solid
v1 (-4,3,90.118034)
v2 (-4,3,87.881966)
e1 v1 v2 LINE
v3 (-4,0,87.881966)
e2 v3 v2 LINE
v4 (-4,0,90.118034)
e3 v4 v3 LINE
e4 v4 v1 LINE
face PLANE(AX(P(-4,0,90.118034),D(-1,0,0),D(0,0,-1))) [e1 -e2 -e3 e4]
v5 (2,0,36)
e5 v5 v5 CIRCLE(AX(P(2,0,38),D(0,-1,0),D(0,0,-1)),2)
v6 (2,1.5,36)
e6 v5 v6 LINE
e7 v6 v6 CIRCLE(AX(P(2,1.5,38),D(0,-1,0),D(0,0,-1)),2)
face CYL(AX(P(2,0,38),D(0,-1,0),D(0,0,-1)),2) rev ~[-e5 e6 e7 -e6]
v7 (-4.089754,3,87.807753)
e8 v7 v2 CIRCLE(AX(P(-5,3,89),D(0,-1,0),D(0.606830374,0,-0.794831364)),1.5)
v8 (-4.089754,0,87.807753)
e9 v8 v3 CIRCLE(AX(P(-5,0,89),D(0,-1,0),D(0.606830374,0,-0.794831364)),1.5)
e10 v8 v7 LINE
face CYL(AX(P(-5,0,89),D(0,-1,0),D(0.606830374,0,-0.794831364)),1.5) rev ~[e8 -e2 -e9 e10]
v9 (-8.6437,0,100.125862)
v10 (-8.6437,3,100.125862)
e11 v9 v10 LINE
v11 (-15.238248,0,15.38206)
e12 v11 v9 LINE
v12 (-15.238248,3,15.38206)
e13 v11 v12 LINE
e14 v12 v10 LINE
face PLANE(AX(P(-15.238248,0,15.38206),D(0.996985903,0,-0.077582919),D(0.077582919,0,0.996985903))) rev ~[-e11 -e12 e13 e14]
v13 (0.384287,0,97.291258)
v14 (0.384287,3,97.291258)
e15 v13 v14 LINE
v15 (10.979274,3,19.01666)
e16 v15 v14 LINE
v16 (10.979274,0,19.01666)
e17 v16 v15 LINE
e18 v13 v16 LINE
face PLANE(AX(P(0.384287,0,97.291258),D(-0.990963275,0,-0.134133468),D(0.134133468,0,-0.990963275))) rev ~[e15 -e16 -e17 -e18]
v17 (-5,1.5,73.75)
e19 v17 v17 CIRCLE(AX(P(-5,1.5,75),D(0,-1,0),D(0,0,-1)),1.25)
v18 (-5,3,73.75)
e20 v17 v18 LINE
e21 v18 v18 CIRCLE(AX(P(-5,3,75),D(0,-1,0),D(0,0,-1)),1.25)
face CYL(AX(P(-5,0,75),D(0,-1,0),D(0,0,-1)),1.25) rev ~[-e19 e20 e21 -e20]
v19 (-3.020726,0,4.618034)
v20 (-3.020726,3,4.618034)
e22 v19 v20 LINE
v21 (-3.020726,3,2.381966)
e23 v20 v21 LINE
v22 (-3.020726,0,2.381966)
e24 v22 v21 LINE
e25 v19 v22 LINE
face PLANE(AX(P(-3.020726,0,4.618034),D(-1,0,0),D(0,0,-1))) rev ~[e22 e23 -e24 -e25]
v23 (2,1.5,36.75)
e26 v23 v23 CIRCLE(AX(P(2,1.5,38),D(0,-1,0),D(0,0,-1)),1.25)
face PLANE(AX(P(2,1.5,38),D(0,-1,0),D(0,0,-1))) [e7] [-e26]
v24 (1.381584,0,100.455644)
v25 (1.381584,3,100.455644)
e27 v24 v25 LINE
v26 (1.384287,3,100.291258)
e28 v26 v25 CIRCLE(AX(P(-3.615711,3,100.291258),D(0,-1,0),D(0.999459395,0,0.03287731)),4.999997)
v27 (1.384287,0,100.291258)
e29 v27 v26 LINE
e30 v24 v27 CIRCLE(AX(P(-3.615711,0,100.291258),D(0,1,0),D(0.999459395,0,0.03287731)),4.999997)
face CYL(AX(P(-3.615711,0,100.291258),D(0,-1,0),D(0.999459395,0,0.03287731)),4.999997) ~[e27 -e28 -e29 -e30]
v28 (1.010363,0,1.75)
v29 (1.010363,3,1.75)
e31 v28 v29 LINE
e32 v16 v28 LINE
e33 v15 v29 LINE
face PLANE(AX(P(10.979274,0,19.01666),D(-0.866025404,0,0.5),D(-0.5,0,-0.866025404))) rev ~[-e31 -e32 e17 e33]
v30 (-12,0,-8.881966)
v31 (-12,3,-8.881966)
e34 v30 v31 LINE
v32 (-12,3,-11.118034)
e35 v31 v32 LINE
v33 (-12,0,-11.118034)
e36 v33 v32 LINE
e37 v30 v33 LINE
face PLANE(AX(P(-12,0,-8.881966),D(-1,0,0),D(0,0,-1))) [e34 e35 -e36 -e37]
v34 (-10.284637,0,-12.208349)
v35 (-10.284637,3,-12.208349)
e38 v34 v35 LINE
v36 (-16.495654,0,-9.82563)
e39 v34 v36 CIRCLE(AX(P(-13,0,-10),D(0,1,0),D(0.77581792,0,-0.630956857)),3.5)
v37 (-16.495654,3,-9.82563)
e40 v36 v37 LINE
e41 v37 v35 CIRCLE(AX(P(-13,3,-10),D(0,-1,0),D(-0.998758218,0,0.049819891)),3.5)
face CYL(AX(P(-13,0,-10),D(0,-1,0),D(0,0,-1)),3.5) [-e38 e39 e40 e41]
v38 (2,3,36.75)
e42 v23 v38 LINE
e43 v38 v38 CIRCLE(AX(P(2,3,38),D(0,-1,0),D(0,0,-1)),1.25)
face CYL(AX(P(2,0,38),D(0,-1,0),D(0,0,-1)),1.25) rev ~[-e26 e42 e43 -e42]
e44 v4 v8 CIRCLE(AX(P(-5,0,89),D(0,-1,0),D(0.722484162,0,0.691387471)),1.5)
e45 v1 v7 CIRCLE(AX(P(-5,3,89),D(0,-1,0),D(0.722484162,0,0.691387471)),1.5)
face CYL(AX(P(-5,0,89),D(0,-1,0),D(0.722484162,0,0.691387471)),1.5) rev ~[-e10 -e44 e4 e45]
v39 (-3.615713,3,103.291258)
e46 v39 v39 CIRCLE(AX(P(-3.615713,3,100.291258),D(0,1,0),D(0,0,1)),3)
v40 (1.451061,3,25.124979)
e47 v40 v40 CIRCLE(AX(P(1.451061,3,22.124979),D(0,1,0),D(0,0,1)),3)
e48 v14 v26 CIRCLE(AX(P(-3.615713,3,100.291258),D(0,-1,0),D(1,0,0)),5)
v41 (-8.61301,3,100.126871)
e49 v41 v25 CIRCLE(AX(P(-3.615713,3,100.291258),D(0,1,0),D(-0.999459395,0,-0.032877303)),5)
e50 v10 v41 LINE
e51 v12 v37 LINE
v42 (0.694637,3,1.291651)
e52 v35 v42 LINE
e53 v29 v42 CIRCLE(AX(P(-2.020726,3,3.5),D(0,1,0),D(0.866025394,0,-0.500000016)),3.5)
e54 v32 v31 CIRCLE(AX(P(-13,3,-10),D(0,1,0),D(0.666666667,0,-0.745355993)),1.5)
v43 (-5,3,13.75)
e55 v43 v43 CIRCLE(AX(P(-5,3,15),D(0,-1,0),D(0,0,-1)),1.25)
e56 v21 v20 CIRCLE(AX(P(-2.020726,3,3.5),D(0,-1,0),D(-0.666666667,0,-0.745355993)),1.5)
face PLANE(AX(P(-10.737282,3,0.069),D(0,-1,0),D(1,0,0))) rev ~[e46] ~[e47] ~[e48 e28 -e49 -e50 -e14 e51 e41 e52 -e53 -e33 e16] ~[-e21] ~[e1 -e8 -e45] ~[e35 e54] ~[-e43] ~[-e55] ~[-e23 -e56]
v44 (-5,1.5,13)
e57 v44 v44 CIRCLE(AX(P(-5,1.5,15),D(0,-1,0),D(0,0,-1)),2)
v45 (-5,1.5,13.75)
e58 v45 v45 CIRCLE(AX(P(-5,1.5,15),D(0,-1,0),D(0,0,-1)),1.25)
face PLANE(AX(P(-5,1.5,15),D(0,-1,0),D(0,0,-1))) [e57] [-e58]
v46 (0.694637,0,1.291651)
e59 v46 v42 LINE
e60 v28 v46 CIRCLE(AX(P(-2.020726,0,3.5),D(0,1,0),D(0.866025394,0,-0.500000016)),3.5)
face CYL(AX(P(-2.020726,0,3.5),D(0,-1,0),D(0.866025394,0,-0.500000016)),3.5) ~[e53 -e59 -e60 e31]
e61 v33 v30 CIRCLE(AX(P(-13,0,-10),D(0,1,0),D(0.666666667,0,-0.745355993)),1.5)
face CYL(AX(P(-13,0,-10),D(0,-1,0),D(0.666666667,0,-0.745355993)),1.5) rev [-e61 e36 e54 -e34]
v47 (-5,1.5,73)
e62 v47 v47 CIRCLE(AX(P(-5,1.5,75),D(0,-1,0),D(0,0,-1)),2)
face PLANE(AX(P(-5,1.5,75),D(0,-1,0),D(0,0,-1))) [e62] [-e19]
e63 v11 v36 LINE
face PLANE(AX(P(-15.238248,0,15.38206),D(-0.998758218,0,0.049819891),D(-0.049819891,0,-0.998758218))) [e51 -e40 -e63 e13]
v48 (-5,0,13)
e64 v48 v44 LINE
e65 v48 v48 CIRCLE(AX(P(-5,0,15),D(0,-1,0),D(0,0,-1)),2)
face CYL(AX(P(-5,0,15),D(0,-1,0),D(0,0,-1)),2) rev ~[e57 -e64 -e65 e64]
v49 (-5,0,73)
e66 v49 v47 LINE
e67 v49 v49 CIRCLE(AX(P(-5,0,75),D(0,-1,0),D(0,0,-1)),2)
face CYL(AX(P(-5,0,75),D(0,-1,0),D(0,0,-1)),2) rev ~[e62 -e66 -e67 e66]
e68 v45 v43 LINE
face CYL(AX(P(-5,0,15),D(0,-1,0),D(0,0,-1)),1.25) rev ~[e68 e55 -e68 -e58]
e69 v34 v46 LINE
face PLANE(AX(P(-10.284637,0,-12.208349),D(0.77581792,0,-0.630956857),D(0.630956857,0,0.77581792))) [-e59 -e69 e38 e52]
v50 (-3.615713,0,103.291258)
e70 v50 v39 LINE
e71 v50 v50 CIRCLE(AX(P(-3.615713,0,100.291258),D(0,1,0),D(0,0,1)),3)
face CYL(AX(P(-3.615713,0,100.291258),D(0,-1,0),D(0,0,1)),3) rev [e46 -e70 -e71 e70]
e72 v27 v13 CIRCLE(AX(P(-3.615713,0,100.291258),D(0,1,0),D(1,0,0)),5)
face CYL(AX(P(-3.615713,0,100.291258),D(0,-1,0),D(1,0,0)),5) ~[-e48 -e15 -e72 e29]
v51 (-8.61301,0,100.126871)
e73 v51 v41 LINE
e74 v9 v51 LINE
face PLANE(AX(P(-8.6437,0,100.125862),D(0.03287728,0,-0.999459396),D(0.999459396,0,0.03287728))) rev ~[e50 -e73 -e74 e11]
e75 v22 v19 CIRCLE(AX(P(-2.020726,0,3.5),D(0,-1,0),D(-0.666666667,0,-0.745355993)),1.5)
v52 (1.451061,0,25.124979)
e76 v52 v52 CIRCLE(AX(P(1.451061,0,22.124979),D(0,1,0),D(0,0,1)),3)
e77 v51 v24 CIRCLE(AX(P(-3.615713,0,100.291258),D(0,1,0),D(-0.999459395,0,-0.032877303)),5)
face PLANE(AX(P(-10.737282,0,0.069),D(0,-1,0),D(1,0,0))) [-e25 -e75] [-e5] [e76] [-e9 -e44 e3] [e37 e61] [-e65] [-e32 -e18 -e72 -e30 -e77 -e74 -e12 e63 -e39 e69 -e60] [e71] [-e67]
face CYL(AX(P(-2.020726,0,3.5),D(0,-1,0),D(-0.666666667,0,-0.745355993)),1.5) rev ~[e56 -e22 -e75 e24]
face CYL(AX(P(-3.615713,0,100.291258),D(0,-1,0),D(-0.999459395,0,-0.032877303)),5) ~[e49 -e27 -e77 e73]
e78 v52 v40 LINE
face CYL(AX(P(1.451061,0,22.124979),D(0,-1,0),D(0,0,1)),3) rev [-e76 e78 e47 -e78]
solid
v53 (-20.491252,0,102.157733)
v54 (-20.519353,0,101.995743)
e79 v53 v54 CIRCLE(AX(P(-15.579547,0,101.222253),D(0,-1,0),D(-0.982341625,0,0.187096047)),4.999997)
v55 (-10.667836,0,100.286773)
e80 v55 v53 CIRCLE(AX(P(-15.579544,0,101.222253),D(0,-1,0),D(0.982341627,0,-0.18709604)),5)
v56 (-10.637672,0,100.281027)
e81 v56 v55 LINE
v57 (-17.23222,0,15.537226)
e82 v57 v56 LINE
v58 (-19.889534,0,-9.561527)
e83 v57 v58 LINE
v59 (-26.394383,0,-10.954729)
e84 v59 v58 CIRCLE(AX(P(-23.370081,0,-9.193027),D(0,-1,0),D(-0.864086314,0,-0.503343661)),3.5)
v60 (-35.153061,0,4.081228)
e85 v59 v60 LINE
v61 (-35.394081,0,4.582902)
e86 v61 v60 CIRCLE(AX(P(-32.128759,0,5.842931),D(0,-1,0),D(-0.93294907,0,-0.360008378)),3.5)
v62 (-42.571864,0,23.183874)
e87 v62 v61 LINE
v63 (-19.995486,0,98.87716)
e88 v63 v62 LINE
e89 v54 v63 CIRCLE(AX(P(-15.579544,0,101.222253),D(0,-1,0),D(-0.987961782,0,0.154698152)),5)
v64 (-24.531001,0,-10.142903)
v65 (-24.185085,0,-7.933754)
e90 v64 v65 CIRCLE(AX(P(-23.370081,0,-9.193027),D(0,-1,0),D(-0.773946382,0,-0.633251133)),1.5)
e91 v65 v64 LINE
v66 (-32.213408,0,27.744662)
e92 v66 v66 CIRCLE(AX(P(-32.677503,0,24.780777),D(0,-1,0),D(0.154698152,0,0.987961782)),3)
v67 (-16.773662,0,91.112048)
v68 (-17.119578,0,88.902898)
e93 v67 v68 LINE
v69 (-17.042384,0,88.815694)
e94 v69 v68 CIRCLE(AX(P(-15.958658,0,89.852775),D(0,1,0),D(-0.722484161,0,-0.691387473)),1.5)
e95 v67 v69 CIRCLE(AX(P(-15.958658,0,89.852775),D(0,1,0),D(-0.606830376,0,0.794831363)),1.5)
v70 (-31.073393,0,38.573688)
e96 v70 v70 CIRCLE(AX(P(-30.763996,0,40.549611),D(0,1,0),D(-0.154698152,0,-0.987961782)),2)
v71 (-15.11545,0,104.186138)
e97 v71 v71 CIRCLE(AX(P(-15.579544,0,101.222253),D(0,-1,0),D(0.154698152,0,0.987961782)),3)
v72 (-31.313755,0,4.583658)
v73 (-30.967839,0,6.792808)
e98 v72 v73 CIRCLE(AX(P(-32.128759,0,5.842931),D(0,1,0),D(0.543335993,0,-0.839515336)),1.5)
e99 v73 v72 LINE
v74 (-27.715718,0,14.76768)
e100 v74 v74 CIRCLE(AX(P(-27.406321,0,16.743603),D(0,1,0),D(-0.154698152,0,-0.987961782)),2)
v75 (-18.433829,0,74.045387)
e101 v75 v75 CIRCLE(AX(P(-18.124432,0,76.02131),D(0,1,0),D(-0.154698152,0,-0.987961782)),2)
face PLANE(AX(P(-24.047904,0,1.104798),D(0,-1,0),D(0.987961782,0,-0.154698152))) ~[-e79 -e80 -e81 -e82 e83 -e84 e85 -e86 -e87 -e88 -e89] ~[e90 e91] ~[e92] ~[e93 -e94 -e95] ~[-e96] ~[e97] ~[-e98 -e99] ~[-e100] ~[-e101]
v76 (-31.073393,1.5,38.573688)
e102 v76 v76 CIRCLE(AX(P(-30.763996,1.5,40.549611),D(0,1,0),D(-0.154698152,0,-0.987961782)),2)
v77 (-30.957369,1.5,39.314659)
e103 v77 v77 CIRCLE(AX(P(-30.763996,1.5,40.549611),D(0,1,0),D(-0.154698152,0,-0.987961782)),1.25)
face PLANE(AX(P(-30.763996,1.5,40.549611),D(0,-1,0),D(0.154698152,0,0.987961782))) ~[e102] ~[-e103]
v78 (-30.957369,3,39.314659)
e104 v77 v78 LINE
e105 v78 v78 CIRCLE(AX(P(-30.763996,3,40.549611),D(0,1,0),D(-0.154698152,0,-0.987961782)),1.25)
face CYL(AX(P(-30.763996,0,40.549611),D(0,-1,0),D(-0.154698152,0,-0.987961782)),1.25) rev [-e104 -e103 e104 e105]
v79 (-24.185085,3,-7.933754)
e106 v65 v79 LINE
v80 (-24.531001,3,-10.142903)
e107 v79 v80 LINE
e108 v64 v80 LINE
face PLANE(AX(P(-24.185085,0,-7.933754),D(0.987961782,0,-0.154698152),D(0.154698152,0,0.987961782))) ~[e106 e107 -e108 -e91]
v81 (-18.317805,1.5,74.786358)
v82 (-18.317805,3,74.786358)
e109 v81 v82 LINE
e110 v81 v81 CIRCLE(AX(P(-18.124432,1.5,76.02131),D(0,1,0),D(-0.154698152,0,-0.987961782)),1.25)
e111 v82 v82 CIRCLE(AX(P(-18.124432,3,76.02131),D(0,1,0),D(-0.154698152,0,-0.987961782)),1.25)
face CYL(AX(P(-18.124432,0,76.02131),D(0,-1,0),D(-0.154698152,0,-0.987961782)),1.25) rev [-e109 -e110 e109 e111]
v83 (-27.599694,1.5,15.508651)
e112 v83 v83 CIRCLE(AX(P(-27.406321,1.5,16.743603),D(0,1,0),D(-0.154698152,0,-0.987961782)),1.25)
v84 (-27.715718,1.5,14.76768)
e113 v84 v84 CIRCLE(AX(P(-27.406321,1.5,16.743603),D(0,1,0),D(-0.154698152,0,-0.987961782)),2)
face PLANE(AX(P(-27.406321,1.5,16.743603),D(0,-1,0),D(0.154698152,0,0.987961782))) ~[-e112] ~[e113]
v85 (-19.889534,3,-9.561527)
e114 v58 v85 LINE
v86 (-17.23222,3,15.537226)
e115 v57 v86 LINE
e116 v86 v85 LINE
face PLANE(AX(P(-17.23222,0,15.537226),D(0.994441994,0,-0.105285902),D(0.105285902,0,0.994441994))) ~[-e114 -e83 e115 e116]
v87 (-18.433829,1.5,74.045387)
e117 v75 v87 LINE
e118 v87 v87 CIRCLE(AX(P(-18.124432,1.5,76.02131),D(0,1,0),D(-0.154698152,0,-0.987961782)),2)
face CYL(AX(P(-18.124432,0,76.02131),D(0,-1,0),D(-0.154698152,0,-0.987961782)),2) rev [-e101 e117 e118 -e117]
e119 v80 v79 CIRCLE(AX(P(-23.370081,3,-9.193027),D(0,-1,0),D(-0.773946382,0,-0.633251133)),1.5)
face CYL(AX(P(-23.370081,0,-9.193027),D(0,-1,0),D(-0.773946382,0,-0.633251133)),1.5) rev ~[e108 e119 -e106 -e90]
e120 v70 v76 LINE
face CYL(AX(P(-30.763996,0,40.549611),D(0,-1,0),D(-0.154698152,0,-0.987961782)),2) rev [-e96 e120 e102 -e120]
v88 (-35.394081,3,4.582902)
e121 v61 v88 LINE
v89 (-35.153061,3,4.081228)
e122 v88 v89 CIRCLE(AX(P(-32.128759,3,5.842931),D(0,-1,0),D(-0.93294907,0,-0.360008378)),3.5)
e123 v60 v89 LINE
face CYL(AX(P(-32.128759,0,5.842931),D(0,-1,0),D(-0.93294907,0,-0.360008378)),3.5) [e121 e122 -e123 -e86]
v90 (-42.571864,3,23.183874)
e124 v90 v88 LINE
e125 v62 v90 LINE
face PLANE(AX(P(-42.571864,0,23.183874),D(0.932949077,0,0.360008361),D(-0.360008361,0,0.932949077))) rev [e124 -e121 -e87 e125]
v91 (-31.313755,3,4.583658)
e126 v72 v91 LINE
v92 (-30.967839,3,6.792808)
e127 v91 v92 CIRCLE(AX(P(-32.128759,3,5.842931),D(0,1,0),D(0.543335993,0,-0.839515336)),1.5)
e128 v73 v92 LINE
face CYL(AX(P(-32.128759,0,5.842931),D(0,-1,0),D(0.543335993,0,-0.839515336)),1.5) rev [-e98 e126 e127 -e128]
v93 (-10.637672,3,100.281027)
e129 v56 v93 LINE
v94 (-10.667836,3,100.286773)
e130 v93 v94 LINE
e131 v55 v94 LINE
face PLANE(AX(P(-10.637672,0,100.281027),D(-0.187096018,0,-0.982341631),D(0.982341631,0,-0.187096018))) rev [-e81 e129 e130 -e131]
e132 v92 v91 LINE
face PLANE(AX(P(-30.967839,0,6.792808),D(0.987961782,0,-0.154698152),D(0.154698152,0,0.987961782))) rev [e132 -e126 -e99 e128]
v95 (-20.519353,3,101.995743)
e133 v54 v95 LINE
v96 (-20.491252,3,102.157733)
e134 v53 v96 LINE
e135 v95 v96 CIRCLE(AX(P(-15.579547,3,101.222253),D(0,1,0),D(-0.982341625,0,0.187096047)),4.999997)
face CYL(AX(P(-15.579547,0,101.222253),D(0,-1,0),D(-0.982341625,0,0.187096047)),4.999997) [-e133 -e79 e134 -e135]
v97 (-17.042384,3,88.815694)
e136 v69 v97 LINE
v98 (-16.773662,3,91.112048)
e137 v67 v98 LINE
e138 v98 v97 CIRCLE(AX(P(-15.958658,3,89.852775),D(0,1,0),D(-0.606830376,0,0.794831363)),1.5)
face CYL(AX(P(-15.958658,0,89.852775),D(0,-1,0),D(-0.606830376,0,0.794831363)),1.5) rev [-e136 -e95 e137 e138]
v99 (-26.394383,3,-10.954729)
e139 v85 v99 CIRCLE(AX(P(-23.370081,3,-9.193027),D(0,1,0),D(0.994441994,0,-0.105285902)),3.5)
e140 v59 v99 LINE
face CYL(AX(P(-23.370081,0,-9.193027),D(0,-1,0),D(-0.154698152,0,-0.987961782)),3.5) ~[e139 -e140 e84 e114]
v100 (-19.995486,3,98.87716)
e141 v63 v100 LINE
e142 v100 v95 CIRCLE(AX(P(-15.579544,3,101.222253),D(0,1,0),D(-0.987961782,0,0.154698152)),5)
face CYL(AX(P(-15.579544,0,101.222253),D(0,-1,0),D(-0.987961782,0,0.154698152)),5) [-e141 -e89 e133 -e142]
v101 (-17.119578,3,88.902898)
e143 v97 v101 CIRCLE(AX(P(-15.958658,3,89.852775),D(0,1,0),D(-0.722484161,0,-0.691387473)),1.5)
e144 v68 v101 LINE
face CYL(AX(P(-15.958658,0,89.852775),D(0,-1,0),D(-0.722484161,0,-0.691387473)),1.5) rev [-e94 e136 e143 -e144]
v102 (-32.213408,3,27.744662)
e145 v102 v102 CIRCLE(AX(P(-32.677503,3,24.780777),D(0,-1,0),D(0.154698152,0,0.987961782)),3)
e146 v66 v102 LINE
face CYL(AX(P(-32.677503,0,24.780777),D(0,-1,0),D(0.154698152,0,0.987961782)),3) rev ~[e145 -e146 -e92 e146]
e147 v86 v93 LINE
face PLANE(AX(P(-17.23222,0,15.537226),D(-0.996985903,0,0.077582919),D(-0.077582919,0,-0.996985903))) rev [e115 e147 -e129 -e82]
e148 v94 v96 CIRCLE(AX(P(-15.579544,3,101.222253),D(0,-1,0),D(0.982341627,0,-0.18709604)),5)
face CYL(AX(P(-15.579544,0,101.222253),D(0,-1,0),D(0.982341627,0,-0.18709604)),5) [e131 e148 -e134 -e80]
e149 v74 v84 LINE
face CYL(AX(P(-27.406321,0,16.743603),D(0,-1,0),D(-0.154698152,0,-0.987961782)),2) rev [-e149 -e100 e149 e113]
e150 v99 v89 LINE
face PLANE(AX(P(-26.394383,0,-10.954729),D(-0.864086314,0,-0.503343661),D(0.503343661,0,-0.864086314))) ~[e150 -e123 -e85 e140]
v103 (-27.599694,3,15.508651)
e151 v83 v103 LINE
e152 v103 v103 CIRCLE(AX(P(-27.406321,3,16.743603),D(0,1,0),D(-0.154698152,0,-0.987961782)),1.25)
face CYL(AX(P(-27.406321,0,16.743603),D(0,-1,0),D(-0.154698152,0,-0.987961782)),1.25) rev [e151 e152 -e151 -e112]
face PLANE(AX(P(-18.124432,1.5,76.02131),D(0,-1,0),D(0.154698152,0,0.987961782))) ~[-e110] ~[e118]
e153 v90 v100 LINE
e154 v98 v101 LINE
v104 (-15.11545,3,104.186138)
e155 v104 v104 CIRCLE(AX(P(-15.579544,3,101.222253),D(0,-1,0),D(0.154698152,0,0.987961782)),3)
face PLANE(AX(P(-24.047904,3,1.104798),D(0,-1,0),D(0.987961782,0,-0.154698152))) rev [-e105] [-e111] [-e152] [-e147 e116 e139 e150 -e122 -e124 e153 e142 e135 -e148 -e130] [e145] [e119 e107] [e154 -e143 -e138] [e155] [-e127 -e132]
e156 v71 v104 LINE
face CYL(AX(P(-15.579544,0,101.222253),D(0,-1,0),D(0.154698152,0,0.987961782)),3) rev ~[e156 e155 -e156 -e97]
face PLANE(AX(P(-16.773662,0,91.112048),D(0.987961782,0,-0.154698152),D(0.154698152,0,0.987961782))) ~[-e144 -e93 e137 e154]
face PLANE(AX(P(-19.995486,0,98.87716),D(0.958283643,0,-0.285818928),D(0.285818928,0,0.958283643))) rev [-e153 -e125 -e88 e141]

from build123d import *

# Parameters (mm, degrees)
SKETCH_2_R          = 3
EXTRUDE_1_DEPTH     = 3
SKETCH_3_R          = 3.5
EXTRUDE_2_DEPTH     = 3
SKETCH_4_R          = 3.5
EXTRUDE_3_DEPTH     = 3
CUT_EXTRUDE_1_DEPTH = 107.618473768
CUT_EXTRUDE_2_DEPTH = 107.618473768
EXTRUDE_4_DEPTH     = 3
SKETCH_6_R          = 1.25
CUT_EXTRUDE_3_DEPTH = 107.618473768
SKETCH_6_3_R        = 2
SKETCH_6_3_R_2      = 1.25
CUT_EXTRUDE_4_DEPTH = 1.5


with BuildPart() as part:
    # 草图2 → 凸台-拉伸1 (new body)
    with BuildSketch(Plane(origin=(0, 0, 0), x_dir=(1, 0, 0), z_dir=(0, 1, 0))):
        with BuildLine():
            Line((-8, 0), (-15.238247957, -15.382059892))
            Line((-15.238247957, -15.382059892), (-8.643699882, -100.125861646))
            Line((-8.643699882, -100.125861646), (-8.61301011, -100.126871188))
            ThreePointArc((-8.61301011, -100.126871188), (-3.780099648, -105.28855468), (1.381583844, -100.455644218))
            Line((1.381583844, -100.455644218), (1.399355455, -100.456228817))
            Line((1.399355455, -100.456228817), (10.979274058, -19.016660498))
            Line((10.979274058, -19.016660498), (1.010362938, -1.749999943))
            ThreePointArc((1.010362938, -1.749999943), (-0.270725971, -0.46891107), (-2.020725942, 0))
            Line((-2.020725942, 0), (-8, 0))
        make_face()
        with Locations(Location((-3.615713133, -100.291257703, 0), (0, 0, 270))):
            Circle(SKETCH_2_R, mode=Mode.SUBTRACT)
        with BuildLine():
            ThreePointArc((-3.020725942, -2.381966011), (-0.520725942, -3.5), (-3.020725942, -4.618033989))
            Line((-3.020725942, -4.618033989), (-3.020725942, -2.381966011))
        make_face(mode=Mode.SUBTRACT)
        with Locations(Location((1.451061426, -22.124978573, 0), (0, 0, 270))):
            Circle(SKETCH_2_R, mode=Mode.SUBTRACT)
    extrude(amount=EXTRUDE_1_DEPTH)

    # 草图4 → 凸台-拉伸3 (add)
    with BuildSketch(Plane.XZ):
        with Locations((-5, 89)):
            Circle(SKETCH_4_R)
    extrude(amount=-EXTRUDE_3_DEPTH)

    # 草图4<3> → 切除-拉伸1 (cut, through all)
    with BuildSketch(Plane.XZ):
        with BuildLine():
            ThreePointArc((-3.5, 89), (-3.60795306, 89.55875336), (-3.916273757, 90.037081207))
            Line((-3.916273757, 90.037081207), (-4.089754437, 87.807752956))
            ThreePointArc((-4.089754437, 87.807752956), (-3.655498541, 88.334931712), (-3.5, 89))
        make_face()
        with BuildLine():
            Line((-4.089754437, 87.807752956), (-3.916273757, 90.037081207))
            ThreePointArc((-3.916273757, 90.037081207), (-6.495478854, 89.116374378), (-4.089754437, 87.807752956))
        make_face()
    extrude(amount=-CUT_EXTRUDE_1_DEPTH, mode=Mode.SUBTRACT)

    # 草图4<4> → 切除-拉伸2 (cut, through all)
    with BuildSketch(Plane.XZ):
        with BuildLine():
            ThreePointArc((1.384286867, 100.291257703), (1.127703357, 98.710118873), (0.384286867, 97.291257703))
            Line((0.384286867, 97.291257703), (10.979274058, 19.016660498))
            Line((10.979274058, 19.016660498), (1.399355455, 100.456228817))
            Line((1.399355455, 100.456228817), (1.381583844, 100.455644218))
            ThreePointArc((1.381583844, 100.455644218), (1.383611066, 100.373462071), (1.384286867, 100.291257703))
        make_face()
    extrude(amount=-CUT_EXTRUDE_2_DEPTH, mode=Mode.SUBTRACT)



with BuildPart() as body_2:
    # 草图3 → 凸台-拉伸2 (new body)
    with BuildSketch(Plane.XZ):
        with Locations(Location((-13, -10, 0), (0, 0, 270))):
            Circle(SKETCH_3_R)
        with BuildLine():
            Line((-12, -8.881966011), (-12, -11.118033989))
            ThreePointArc((-12, -11.118033989), (-14.5, -10), (-12, -8.881966011))
        make_face(mode=Mode.SUBTRACT)
    extrude(amount=-EXTRUDE_2_DEPTH)


with BuildPart() as part_1:
    add(part.part)

    add(body_2.part)  # 凸台-拉伸4 merges body 2
    # 草图5 → 凸台-拉伸4 (add)
    with BuildSketch(Plane.XZ):
        with BuildLine():
            Line((-10.28463728, -12.208348998), (0.694636778, 1.291651002))
            Line((0.694636778, 1.291651002), (-8, 0))
            Line((-8, 0), (-15.238247957, 15.382059892))
            Line((-15.238247957, 15.382059892), (-16.495653764, -9.825630381))
            ThreePointArc((-16.495653764, -9.825630381), (-11.746385015, -6.732210308), (-10.28463728, -12.208348998))
        make_face()
        with BuildLine():
            Line((-4, 90.118033989), (-4, 87.881966011))
            ThreePointArc((-4, 87.881966011), (-3.5, 89), (-4, 90.118033989))
        make_face()
    extrude(amount=-EXTRUDE_4_DEPTH)

    # 草图6 → 切除-拉伸3 (cut, through all)
    with BuildSketch(Plane.XZ):
        with Locations(Location((-5, 15, 0), (0, 0, 270))):
            Circle(SKETCH_6_R)
        with Locations(Location((2, 38, 0), (0, 0, 270))):
            Circle(SKETCH_6_R)
        with Locations(Location((-5, 75, 0), (0, 0, 270))):
            Circle(SKETCH_6_R)
    extrude(amount=-CUT_EXTRUDE_3_DEPTH, mode=Mode.SUBTRACT)

    # 草图6<3> → 切除-拉伸4 (cut)
    # profile 1 of 3: a face of its own
    with BuildSketch(Plane.XZ):
        with Locations(Location((-5, 15, 0), (0, 0, 270))):
            Circle(SKETCH_6_3_R)
        with Locations(Location((-5, 15, 0), (0, 0, 270))):
            Circle(SKETCH_6_3_R_2, mode=Mode.SUBTRACT)
    # profile 2 of 3: a face of its own
    with BuildSketch(Plane.XZ):
        with Locations(Location((2, 38, 0), (0, 0, 270))):
            Circle(SKETCH_6_3_R)
        with Locations(Location((2, 38, 0), (0, 0, 270))):
            Circle(SKETCH_6_3_R_2, mode=Mode.SUBTRACT)
    # profile 3 of 3: a face of its own
    with BuildSketch(Plane.XZ):
        with Locations(Location((-5, 75, 0), (0, 0, 270))):
            Circle(SKETCH_6_3_R)
        with Locations(Location((-5, 75, 0), (0, 0, 270))):
            Circle(SKETCH_6_3_R_2, mode=Mode.SUBTRACT)
    extrude(amount=-CUT_EXTRUDE_4_DEPTH, mode=Mode.SUBTRACT)


with BuildPart() as body_2_2:
    # 镜向2: mirrored copy
    add(part_1.part.mirror(Plane(origin=(-17.333301301, 0, 1.348833618), x_dir=(0.07758291852835472, 0, 0.9969859029859062), z_dir=(-0.9969859029859062, 0, 0.07758291852835471))))


solid = Compound([part_1.part, body_2_2.part])
